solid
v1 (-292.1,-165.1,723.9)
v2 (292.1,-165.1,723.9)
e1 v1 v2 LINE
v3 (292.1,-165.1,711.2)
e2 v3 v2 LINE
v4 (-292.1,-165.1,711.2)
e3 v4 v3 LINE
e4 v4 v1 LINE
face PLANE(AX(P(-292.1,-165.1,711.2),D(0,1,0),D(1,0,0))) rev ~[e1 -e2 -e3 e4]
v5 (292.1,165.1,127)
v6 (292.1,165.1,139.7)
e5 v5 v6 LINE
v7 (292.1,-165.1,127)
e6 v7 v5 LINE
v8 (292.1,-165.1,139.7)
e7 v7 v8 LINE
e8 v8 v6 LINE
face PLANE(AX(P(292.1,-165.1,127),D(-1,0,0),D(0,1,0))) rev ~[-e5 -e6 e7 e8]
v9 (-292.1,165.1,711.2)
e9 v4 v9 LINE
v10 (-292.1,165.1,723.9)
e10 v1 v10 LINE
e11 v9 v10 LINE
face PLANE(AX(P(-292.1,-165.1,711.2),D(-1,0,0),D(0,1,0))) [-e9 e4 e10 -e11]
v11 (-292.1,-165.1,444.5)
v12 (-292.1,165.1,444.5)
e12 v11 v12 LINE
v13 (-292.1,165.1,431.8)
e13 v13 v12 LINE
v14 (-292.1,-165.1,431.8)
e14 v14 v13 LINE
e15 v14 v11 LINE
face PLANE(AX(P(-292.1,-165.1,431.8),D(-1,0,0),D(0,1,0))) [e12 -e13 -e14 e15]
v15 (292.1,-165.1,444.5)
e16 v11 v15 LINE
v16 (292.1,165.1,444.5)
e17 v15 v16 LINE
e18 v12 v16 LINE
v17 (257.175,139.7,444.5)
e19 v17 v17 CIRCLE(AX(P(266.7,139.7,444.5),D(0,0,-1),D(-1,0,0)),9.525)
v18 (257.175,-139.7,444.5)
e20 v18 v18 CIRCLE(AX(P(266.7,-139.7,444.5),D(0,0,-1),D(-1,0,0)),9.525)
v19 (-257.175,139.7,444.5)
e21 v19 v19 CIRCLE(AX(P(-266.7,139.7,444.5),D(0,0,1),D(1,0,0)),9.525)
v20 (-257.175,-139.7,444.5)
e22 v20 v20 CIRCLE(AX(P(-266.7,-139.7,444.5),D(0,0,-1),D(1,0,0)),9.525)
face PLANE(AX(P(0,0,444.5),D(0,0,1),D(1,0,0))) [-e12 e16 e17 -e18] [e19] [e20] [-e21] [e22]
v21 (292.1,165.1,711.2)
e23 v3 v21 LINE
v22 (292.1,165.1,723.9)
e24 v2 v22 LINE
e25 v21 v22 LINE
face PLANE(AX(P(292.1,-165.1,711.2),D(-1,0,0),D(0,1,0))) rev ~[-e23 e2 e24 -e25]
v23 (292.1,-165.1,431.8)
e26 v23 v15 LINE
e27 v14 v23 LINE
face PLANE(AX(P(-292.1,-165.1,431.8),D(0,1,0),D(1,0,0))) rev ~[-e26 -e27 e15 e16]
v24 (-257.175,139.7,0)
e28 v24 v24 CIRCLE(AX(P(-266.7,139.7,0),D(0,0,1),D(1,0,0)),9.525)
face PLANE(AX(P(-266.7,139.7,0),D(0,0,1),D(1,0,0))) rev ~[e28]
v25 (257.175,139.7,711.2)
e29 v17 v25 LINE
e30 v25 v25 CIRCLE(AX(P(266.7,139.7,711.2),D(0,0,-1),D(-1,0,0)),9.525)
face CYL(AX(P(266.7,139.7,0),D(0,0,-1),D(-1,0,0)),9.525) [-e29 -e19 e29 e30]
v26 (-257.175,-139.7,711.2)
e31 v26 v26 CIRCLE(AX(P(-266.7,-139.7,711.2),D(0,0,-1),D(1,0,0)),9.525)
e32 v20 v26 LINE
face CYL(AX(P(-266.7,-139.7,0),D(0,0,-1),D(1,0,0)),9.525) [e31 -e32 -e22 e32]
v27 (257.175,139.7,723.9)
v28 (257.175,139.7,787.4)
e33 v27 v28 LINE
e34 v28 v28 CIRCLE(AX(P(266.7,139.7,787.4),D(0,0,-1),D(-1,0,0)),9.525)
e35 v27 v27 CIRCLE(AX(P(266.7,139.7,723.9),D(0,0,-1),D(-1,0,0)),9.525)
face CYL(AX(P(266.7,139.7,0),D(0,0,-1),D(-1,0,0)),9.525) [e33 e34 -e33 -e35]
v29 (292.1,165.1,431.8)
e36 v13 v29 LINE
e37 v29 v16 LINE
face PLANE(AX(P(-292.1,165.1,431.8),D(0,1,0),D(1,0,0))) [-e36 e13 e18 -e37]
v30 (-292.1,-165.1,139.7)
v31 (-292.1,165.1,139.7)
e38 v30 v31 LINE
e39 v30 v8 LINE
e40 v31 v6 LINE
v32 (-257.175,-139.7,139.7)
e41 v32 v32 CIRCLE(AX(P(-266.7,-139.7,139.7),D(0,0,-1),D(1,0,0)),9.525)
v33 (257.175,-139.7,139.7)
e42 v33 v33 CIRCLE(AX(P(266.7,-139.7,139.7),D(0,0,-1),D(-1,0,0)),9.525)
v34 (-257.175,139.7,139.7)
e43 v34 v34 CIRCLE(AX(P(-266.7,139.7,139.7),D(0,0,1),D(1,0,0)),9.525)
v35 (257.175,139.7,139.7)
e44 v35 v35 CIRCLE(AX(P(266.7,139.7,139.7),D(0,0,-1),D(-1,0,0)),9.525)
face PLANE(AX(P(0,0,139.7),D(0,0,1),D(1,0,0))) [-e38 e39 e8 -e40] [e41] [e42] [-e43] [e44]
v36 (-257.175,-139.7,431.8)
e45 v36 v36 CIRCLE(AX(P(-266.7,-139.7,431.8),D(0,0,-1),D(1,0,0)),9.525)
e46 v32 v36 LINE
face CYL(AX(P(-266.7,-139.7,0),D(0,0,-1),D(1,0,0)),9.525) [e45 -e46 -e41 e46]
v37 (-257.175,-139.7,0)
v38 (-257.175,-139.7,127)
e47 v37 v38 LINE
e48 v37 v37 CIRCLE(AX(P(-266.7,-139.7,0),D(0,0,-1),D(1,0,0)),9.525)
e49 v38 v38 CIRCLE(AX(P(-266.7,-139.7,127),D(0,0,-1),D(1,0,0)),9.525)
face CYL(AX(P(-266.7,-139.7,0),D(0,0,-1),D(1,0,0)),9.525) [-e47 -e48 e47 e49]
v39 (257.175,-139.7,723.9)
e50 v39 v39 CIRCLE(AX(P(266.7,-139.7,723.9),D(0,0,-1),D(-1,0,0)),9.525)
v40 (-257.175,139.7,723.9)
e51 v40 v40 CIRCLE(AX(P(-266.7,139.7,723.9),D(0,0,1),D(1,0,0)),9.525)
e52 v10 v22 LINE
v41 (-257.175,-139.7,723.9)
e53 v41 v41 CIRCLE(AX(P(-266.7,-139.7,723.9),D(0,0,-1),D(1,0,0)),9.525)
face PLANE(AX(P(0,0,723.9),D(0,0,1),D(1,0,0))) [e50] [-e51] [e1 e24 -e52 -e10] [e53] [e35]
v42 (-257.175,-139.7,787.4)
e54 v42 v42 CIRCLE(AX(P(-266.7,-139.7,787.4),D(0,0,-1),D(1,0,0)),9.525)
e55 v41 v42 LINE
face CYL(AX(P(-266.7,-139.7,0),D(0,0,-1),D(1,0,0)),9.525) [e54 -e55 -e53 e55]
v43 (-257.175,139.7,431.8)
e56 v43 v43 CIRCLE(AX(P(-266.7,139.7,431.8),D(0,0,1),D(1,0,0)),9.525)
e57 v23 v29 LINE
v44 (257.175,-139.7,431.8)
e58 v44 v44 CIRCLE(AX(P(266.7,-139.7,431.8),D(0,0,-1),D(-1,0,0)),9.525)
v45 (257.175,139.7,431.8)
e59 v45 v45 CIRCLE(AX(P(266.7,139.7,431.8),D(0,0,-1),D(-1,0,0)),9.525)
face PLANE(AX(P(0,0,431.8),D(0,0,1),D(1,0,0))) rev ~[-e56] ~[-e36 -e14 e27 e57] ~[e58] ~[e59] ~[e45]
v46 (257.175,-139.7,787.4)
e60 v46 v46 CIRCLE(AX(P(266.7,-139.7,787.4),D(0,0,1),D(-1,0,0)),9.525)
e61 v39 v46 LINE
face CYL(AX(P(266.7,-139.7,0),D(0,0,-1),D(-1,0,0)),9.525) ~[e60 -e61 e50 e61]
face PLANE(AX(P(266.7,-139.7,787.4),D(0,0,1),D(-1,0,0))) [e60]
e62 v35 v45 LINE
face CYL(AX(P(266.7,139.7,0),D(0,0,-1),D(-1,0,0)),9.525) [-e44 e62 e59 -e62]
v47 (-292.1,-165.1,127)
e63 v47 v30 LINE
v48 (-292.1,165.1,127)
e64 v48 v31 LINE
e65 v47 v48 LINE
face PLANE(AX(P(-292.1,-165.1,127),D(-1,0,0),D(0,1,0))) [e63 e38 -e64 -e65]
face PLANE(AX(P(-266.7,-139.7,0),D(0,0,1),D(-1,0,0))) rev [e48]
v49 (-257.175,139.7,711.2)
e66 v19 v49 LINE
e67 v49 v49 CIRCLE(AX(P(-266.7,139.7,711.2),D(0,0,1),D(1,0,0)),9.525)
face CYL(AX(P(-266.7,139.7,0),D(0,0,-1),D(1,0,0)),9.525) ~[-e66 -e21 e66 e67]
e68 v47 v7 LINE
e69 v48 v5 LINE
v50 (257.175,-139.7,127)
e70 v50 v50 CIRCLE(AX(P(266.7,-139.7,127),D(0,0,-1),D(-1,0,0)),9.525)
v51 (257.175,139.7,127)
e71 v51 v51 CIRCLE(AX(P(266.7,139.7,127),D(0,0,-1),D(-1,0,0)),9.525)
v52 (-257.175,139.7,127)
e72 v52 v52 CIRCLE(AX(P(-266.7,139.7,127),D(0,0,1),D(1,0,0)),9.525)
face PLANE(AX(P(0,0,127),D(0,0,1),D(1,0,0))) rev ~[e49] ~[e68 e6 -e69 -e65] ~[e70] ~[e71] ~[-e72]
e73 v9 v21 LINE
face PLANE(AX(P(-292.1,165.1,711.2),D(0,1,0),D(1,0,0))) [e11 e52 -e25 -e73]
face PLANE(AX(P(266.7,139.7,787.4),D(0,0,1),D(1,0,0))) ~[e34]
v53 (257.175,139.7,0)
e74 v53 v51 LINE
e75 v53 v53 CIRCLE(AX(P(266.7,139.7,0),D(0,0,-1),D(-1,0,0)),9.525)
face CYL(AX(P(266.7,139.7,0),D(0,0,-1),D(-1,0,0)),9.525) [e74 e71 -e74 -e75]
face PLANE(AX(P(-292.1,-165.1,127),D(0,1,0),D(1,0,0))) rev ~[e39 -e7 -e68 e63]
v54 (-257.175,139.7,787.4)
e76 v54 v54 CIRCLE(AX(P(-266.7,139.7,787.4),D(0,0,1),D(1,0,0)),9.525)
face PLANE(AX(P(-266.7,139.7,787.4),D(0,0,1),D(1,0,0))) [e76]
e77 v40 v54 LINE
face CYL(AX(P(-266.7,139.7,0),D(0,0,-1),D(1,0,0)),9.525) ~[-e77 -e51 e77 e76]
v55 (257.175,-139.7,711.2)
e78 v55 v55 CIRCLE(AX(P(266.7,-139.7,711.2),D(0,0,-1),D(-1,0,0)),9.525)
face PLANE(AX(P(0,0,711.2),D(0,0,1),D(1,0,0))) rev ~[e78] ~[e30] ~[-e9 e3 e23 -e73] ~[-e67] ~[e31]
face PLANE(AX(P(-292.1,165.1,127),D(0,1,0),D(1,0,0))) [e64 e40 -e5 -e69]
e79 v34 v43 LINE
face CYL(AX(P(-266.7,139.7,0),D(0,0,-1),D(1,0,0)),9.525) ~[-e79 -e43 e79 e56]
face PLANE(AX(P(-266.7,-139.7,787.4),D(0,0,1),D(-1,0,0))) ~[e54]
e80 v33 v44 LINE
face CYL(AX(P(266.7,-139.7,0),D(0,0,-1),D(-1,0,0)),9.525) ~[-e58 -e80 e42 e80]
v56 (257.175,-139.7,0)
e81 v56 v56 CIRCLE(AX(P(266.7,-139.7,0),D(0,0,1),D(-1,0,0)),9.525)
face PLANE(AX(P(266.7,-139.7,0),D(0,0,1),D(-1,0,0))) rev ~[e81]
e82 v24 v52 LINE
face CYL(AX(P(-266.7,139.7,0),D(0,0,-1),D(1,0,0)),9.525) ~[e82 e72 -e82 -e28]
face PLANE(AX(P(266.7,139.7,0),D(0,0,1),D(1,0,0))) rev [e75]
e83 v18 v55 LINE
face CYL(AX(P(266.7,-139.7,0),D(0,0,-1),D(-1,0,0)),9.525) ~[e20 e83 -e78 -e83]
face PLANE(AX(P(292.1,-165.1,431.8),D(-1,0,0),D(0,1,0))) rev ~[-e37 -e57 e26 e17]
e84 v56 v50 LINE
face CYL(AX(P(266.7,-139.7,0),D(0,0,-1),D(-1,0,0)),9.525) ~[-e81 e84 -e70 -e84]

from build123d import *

# Parameters (mm, degrees)
F0_R     = 9.525
F1_DEPTH = 787.4
F4_START = 127
F0_W     = 584.2
F0_H     = 330.2
F4_DEPTH = 12.7
F5_START = 431.8
F5_DEPTH = 12.7
F6_START = 711.2
F6_DEPTH = 12.7


with BuildPart() as f1:
    # F0 (on Top) → F1 (new body)
    with BuildSketch(Plane.XY):
        with Locations((-266.7, 139.7)):
            Circle(F0_R)
    extrude(amount=F1_DEPTH)


with BuildPart() as f2_1:
    # F2: instance of F1
    add(f1.part.mirror(Plane.XZ))


with BuildPart() as f3_1:
    # F3: instance of F1
    add(f1.part.mirror(Plane.YZ))


with BuildPart() as f3_2:
    # F3: instance of F2_1
    add(f2_1.part.mirror(Plane.YZ))


with BuildPart() as f1_1:
    add(f1.part)

    add(f2_1.part)  # F4 merges F2_1

    add(f3_1.part)  # F4 merges F3_1

    add(f3_2.part)  # F4 merges F3_2
    # F0 (on Top) → F4 (join)
    with BuildSketch(Plane.XY.offset(F4_START)):
        Rectangle(F0_W, F0_H)
        with Locations((-266.7, 139.7)):
            Circle(F0_R, mode=Mode.SUBTRACT)
    extrude(amount=F4_DEPTH)

    # F0 (on Top) → F5 (join)
    with BuildSketch(Plane.XY.offset(F5_START)):
        Rectangle(F0_W, F0_H)
        with Locations((-266.7, 139.7)):
            Circle(F0_R, mode=Mode.SUBTRACT)
    extrude(amount=F5_DEPTH)

    # F0 (on Top) → F6 (join)
    with BuildSketch(Plane.XY.offset(F6_START)):
        Rectangle(F0_W, F0_H)
        with Locations((-266.7, 139.7)):
            Circle(F0_R, mode=Mode.SUBTRACT)
    extrude(amount=F6_DEPTH)


solid = f1_1.part
